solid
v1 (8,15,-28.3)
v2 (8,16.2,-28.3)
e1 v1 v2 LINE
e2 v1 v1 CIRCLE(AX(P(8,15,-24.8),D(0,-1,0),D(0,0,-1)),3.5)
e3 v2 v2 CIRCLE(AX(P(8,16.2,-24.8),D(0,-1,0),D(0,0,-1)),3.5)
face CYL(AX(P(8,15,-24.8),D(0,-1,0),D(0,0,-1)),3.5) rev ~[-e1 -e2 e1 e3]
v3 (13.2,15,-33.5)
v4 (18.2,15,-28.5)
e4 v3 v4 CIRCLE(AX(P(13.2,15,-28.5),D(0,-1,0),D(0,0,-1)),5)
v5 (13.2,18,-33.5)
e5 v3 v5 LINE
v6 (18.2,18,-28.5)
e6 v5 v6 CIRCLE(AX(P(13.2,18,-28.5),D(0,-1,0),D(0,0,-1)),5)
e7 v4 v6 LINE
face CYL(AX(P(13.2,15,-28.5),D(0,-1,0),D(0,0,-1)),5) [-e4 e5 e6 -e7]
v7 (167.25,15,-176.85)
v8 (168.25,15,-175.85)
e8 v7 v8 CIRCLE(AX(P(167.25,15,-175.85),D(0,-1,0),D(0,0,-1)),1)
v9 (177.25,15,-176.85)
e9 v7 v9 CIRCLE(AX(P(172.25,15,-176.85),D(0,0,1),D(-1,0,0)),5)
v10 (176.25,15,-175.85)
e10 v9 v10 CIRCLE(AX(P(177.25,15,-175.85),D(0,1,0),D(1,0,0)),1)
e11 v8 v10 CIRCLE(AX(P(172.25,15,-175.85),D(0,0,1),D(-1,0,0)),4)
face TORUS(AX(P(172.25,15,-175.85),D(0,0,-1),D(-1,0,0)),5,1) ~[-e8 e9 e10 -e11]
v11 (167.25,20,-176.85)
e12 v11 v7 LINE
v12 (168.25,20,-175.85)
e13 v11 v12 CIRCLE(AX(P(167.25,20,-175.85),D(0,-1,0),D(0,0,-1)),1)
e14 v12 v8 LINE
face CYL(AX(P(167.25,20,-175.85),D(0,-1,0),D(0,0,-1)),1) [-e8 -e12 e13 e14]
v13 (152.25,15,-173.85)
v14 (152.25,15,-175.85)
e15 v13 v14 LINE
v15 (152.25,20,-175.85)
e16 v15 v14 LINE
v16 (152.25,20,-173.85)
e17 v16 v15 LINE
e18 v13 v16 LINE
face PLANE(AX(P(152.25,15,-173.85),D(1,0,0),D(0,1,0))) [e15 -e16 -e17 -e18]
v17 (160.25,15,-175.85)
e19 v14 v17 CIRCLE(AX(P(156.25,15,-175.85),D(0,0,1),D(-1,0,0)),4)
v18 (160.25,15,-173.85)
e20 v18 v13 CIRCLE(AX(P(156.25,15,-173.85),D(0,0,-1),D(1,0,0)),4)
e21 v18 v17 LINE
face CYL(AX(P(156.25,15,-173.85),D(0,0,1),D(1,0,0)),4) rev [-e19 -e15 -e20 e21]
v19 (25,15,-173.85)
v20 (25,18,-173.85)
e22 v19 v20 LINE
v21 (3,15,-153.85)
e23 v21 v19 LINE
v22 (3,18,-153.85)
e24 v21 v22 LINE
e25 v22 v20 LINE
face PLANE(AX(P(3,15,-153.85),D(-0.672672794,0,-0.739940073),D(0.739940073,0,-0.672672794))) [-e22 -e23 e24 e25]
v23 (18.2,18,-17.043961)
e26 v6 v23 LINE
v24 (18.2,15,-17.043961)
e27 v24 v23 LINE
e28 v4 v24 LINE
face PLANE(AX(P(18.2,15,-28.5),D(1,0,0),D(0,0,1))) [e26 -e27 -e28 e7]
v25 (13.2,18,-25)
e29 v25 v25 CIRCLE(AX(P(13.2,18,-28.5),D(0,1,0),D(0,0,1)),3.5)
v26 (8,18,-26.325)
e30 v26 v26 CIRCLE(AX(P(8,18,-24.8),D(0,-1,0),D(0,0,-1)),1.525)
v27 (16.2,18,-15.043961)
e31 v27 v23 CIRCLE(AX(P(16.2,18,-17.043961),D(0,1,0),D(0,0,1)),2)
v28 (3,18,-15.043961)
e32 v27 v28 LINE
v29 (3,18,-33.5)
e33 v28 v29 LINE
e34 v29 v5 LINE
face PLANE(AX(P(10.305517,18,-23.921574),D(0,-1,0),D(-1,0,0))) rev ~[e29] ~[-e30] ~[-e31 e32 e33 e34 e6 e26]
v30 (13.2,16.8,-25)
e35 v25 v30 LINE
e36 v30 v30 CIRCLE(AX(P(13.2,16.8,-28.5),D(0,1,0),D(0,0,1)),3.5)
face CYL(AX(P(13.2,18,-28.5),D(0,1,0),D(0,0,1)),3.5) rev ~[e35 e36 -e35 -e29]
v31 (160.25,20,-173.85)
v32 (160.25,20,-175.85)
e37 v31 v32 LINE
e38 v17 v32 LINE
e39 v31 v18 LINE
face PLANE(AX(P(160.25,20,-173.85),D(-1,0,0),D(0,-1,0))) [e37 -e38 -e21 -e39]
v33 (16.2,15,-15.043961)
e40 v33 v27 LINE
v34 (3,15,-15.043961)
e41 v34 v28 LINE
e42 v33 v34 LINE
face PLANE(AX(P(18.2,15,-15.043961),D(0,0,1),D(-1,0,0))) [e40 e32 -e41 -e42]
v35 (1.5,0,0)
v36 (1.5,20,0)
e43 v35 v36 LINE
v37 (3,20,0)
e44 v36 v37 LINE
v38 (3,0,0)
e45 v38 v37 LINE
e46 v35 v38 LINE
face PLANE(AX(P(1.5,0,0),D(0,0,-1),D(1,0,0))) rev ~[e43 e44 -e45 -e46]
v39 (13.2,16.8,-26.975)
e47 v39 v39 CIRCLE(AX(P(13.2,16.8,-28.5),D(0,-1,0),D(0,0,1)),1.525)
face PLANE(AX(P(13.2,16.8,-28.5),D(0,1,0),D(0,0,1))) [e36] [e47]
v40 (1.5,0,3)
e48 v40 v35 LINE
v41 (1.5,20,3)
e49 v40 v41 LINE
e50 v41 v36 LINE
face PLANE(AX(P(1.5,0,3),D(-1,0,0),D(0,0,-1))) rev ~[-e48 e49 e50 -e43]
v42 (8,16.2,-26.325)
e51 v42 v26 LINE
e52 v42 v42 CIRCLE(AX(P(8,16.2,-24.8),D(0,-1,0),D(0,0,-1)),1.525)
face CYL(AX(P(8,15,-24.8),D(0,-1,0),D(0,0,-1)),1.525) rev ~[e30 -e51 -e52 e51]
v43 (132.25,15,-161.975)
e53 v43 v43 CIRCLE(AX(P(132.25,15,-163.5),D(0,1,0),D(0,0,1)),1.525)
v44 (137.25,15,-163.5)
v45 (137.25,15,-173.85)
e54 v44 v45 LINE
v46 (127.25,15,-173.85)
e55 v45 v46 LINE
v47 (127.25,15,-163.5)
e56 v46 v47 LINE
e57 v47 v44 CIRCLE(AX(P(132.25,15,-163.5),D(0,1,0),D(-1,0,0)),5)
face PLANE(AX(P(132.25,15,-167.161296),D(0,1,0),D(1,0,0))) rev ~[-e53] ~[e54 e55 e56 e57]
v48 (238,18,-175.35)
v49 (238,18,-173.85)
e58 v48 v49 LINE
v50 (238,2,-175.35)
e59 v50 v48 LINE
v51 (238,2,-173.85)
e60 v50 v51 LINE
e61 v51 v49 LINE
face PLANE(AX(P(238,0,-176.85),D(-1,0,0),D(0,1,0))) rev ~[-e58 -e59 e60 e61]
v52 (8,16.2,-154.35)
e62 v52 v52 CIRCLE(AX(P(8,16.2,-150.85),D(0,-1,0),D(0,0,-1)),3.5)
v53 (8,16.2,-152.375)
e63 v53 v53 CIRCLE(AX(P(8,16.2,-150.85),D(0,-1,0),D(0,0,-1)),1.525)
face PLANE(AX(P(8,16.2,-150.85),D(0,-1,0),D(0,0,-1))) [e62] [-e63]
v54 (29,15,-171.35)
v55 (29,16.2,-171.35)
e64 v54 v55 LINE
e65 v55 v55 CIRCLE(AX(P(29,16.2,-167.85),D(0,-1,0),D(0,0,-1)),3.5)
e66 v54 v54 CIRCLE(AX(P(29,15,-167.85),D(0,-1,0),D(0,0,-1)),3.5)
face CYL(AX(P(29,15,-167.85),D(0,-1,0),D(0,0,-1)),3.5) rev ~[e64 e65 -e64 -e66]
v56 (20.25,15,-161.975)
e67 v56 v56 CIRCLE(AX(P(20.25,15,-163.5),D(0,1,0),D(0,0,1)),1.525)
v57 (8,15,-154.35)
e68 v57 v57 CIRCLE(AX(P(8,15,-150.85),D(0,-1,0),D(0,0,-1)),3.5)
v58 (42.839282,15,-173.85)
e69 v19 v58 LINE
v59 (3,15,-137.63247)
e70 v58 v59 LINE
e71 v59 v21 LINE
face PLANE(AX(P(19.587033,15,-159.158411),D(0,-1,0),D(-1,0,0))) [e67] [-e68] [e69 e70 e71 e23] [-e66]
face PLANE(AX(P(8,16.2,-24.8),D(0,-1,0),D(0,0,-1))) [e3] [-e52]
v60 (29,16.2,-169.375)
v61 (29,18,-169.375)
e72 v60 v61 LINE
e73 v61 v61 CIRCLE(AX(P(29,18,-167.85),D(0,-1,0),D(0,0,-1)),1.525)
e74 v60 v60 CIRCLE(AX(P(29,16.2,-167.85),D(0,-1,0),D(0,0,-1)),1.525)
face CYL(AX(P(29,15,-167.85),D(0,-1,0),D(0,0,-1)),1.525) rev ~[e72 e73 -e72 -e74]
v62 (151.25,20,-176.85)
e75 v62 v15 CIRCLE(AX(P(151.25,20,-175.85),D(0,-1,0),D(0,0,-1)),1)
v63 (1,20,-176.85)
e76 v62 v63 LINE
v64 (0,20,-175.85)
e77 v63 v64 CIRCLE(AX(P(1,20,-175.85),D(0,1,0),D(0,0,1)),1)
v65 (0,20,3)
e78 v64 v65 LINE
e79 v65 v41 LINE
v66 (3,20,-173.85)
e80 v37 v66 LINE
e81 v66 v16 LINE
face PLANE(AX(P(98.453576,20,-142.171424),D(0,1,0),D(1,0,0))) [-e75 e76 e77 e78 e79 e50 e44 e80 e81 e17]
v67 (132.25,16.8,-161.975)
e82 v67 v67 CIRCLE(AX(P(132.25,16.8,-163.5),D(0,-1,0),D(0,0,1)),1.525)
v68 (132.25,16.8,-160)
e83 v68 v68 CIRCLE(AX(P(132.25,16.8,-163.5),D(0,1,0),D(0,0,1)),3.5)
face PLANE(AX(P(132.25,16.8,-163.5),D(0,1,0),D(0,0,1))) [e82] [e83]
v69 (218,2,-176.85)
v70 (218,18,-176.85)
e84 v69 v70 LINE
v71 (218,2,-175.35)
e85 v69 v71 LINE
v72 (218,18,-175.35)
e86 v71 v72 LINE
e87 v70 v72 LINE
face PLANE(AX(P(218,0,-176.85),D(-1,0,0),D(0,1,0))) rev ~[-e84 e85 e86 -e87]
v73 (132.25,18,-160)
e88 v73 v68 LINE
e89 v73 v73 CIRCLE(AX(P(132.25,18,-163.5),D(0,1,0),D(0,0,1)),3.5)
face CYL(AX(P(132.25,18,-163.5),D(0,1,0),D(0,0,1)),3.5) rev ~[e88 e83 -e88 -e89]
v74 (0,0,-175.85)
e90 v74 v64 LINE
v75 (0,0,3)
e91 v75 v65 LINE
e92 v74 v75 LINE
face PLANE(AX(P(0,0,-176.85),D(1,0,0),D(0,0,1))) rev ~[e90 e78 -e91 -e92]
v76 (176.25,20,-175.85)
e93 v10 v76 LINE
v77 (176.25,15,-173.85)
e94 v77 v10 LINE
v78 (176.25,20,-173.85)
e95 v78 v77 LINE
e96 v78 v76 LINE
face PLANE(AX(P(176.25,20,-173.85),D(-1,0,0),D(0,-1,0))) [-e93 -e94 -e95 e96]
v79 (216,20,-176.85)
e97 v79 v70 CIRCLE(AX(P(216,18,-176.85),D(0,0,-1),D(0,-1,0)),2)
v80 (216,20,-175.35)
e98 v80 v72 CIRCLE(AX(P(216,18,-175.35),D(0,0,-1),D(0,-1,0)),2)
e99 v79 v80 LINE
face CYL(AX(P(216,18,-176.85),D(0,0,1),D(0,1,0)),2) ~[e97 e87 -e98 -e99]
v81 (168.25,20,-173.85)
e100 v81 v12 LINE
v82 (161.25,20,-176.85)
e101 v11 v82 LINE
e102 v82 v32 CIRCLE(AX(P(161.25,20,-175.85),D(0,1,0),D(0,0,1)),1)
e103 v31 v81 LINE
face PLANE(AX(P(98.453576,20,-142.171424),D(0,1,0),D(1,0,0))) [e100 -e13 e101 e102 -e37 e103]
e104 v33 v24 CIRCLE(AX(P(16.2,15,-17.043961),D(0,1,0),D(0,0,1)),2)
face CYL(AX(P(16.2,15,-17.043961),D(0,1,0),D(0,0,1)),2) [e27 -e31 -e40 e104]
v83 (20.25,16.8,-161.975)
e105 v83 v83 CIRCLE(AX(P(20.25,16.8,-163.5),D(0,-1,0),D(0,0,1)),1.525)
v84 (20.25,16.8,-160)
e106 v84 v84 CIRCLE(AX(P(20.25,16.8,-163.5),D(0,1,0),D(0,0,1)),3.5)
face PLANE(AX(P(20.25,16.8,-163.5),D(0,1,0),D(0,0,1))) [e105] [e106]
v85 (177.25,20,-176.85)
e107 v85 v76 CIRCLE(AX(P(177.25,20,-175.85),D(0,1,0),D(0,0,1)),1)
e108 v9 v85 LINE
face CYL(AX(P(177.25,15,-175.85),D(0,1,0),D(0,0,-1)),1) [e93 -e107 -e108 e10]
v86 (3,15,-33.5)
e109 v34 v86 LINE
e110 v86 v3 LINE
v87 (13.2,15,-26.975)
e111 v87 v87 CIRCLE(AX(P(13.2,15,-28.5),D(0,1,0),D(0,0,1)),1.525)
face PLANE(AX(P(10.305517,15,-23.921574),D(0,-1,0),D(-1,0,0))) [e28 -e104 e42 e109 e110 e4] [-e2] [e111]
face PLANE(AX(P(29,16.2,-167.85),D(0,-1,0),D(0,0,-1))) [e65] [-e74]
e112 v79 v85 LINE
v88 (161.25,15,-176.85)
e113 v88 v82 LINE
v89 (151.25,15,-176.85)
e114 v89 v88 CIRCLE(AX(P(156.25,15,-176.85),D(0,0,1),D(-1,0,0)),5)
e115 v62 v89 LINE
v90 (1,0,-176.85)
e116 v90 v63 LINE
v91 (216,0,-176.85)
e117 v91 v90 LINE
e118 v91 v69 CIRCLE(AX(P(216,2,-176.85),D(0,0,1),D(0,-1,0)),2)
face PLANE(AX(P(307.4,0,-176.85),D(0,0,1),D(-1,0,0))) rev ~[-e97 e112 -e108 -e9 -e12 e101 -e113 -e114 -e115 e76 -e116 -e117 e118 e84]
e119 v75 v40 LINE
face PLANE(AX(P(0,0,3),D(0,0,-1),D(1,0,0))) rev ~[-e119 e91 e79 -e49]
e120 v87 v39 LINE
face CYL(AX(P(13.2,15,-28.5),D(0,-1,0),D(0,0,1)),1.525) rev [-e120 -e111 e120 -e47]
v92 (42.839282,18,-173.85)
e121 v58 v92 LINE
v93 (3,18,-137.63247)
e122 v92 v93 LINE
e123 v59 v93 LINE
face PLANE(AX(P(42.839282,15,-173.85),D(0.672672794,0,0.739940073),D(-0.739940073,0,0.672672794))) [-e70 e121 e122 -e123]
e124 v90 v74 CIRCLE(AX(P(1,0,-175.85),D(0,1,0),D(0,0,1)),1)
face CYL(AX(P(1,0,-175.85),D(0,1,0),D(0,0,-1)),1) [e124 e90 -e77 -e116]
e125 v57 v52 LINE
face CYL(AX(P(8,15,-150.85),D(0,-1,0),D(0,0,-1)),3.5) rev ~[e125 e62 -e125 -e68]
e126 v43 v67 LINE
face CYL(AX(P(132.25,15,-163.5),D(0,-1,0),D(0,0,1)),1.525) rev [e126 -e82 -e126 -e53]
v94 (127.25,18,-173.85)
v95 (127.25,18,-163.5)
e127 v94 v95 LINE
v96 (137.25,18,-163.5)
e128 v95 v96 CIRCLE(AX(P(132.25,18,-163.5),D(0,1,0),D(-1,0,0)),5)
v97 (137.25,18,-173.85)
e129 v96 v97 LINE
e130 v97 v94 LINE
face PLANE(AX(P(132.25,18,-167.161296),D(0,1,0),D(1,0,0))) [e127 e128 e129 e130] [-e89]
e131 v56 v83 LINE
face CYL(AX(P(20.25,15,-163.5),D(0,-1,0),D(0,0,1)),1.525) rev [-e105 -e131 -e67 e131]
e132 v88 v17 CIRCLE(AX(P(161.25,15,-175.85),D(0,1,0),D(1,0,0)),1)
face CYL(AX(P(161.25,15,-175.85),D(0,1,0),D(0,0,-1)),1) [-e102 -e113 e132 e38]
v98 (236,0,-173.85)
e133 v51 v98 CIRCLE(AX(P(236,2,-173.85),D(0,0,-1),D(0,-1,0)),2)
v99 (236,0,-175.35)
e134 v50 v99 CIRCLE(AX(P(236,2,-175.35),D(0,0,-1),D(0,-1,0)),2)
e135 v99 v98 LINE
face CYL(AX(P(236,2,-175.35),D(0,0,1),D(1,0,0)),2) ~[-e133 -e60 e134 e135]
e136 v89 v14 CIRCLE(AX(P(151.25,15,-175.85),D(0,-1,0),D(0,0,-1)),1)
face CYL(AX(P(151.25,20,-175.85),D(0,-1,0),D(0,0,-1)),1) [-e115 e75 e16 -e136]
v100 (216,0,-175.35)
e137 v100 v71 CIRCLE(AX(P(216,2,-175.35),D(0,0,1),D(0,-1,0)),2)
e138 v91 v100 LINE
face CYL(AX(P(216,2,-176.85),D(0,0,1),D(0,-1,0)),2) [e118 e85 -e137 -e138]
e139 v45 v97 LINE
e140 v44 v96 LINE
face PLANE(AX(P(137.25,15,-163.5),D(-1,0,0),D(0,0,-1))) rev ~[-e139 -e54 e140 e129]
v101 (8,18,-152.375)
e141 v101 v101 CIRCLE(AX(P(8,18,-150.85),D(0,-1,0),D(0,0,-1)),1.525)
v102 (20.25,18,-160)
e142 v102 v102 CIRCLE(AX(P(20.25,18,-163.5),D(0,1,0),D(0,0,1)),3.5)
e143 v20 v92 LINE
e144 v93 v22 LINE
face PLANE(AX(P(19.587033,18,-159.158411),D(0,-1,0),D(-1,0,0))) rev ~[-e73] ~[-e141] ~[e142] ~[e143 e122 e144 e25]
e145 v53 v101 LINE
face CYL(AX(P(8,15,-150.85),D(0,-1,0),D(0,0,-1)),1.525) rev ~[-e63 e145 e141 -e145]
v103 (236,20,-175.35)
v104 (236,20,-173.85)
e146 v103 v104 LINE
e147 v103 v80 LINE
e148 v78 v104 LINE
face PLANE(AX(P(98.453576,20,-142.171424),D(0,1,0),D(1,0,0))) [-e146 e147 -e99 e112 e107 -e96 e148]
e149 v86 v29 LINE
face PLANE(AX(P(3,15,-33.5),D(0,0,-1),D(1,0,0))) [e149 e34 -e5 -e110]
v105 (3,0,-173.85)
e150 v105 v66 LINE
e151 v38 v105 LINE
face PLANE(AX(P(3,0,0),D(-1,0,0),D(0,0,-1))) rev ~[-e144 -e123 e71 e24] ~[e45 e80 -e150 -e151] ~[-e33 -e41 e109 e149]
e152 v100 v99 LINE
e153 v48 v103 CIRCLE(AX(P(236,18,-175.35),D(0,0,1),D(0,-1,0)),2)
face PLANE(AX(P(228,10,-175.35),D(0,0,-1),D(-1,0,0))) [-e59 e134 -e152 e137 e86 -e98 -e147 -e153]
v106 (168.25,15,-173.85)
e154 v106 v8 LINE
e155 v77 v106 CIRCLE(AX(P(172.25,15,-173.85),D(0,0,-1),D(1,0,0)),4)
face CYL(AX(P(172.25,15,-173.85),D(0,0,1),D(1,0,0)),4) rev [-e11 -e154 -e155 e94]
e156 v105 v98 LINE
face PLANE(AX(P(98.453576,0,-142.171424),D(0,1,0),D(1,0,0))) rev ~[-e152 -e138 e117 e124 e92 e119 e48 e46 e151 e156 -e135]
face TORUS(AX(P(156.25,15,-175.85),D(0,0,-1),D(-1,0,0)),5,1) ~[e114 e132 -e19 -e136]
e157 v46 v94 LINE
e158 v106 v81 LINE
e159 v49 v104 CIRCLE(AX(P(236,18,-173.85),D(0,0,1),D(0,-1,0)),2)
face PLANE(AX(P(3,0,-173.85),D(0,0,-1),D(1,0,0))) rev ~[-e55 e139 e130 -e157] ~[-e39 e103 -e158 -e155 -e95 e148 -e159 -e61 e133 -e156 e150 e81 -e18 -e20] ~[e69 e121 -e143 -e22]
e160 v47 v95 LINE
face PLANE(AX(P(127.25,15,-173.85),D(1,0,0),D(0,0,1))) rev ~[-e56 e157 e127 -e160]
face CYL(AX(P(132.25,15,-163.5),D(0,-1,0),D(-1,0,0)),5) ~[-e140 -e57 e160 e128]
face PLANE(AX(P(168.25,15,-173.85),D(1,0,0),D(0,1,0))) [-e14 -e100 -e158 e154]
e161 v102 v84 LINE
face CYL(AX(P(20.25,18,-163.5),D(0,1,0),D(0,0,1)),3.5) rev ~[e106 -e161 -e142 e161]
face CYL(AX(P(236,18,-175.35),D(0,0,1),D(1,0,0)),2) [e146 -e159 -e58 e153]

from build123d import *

# Parameters (mm, degrees)
EXTRUDE_1_DEPTH     = 20
EXTRUDE_START       = 1
SKETCH_2_R          = 1.525
EXTRUDE_2_DEPTH     = 3
CUT_EXTRUDE_1_REACH = 358.708
SKETCH_3_W          = 31
SKETCH_3_H          = 9.5
SKETCH_4_R          = 3.5
CUT_EXTRUDE_2_DEPTH = 1.2
CUT_EXTRUDE_3_REACH = 356.959
SKETCH_5_R          = 1.525
FILLET_1_R          = 1
FILLET_3_R          = 1
SKETCH_6_R          = 3.5
CUT_EXTRUDE_4_DEPTH = 1.2
SKETCH_7_W          = 69.4
SKETCH_7_H          = 20
CUT_EXTRUDE_5_DEPTH = 3
SKETCH_8_W          = 20
SKETCH_8_H          = 20
CUT_EXTRUDE_6_DEPTH = 1.5
FILLET_4_R          = 2
FILLET_5_R          = 2
FILLET_6_R          = 2
CUT_EXTRUDE_7_DEPTH = 10
FILLET_7_R          = 1
FILLET_8_R          = 1


with BuildPart() as part:
    # 草图1 → 凸台-拉伸1 (new body)
    with BuildSketch(Plane(origin=(0, 0, 0), x_dir=(1, 0, 0), z_dir=(0, 1, 0))):
        Polygon((1.5, 0), (3, 0), (3, 173.85), (307.4, 173.85), (307.4, 176.85), (0, 176.85), (0, 0), (0, -3), (1.5, -3), align=None)
    extrude(amount=EXTRUDE_1_DEPTH)

    # 草图2 → 凸台-拉伸2 (add)
    # profile 1 of 3: a face of its own
    with BuildSketch(Plane(origin=(0, 14, 0), x_dir=(1, 0, 0), z_dir=(0, 1, 0)).offset(EXTRUDE_START)):
        Polygon((3, 153.85), (25, 173.85), (42.839282497, 173.85), (3, 137.632470457), align=None)
        with Locations(Location((20.25, 163.5, 0), (0, 0, 270))):
            Circle(SKETCH_2_R, mode=Mode.SUBTRACT)
    # profile 2 of 3: a face of its own
    with BuildSketch(Plane(origin=(0, 14, 0), x_dir=(1, 0, 0), z_dir=(0, 1, 0)).offset(EXTRUDE_START)):
        with BuildLine():
            Line((137.25, 163.5), (137.25, 173.85))
            Line((137.25, 173.85), (127.25, 173.85))
            Line((127.25, 173.85), (127.25, 163.5))
            ThreePointArc((127.25, 163.5), (132.25, 158.5), (137.25, 163.5))
        make_face()
        with Locations(Location((132.25, 163.5, 0), (0, 0, 270))):
            Circle(SKETCH_2_R, mode=Mode.SUBTRACT)
    # profile 3 of 3: a face of its own
    with BuildSketch(Plane(origin=(0, 14, 0), x_dir=(1, 0, 0), z_dir=(0, 1, 0)).offset(EXTRUDE_START)):
        with BuildLine():
            Line((3, 23.870342351), (3, 33.5))
            Line((3, 33.5), (13.2, 33.5))
            ThreePointArc((13.2, 33.5), (16.735533906, 32.035533906), (18.2, 28.5))
            Line((18.2, 28.5), (18.2, 15.043961292))
            Line((18.2, 15.043961292), (3, 15.043961292))
            Line((3, 15.043961292), (3, 23.870342351))
        make_face()
        with Locations(Location((13.2, 28.5, 0), (0, 0, 270))):
            Circle(SKETCH_2_R, mode=Mode.SUBTRACT)
    extrude(amount=EXTRUDE_2_DEPTH)

    # 草图3 → 切除-拉伸1 (cut, up to next)
    with BuildSketch(Plane(origin=(0, 0, -176.85), x_dir=(-1, 0, 0), z_dir=(0, 0, -1)), mode=Mode.PRIVATE) as cut_extrude_1_sk1:
        with Locations((-291.9, 15.25)):
            Rectangle(SKETCH_3_W, SKETCH_3_H)
    cut_extrude_1_tool1 = extrude(cut_extrude_1_sk1.sketch, amount=-CUT_EXTRUDE_1_REACH, mode=Mode.PRIVATE) & part.part
    add(cut_extrude_1_tool1.solids().sort_by_distance((291.9, 15.25, -176.85))[0], mode=Mode.SUBTRACT)

    # 草图4 → 切除-拉伸2 (cut)
    with BuildSketch(Plane(origin=(0, 18, 0), x_dir=(1, 0, 0), z_dir=(0, 1, 0))):
        with Locations(Location((13.2, 28.5, 0), (0, 0, 270))):
            Circle(SKETCH_4_R)
        with Locations(Location((20.25, 163.5, 0), (0, 0, 270))):
            Circle(SKETCH_4_R)
        with Locations(Location((132.25, 163.5, 0), (0, 0, 270))):
            Circle(SKETCH_4_R)
    extrude(amount=-CUT_EXTRUDE_2_DEPTH, mode=Mode.SUBTRACT)

    # 草图5 → 切除-拉伸3 (cut, up to next)
    with BuildSketch(Plane.XZ.offset(-15), mode=Mode.PRIVATE) as cut_extrude_3_sk1:
        with Locations(Location((29, -167.85, 0), (0, 0, 270))):
            Circle(SKETCH_5_R)
    cut_extrude_3_tool1 = extrude(cut_extrude_3_sk1.sketch, amount=-CUT_EXTRUDE_3_REACH, mode=Mode.PRIVATE) & part.part
    # 草图5 → 切除-拉伸3 (cut, up to next)
    with BuildSketch(Plane.XZ.offset(-15), mode=Mode.PRIVATE) as cut_extrude_3_sk2:
        with Locations(Location((8, -150.85, 0), (0, 0, 270))):
            Circle(SKETCH_5_R)
    cut_extrude_3_tool2 = extrude(cut_extrude_3_sk2.sketch, amount=-CUT_EXTRUDE_3_REACH, mode=Mode.PRIVATE) & part.part
    # 草图5 → 切除-拉伸3 (cut, up to next)
    with BuildSketch(Plane.XZ.offset(-15), mode=Mode.PRIVATE) as cut_extrude_3_sk3:
        with Locations(Location((8, -24.8, 0), (0, 0, 270))):
            Circle(SKETCH_5_R)
    cut_extrude_3_tool3 = extrude(cut_extrude_3_sk3.sketch, amount=-CUT_EXTRUDE_3_REACH, mode=Mode.PRIVATE) & part.part
    add(cut_extrude_3_tool1.solids().sort_by_distance((29, 15, -167.85))[0], mode=Mode.SUBTRACT)
    add(cut_extrude_3_tool2.solids().sort_by_distance((8, 15, -150.85))[0], mode=Mode.SUBTRACT)
    add(cut_extrude_3_tool3.solids().sort_by_distance((8, 15, -24.8))[0], mode=Mode.SUBTRACT)

    # 圆角1
    fillet_1_edges = [part.edges().sort_by_distance(p)[0] for p in [
        (0, 10, -176.85),
    ]]
    fillet(fillet_1_edges, radius=FILLET_1_R)

    # 圆角3
    fillet_3_edges = [part.edges().sort_by_distance(p)[0] for p in [
        (276.4, 10.5, -175.35),
    ]]
    fillet(fillet_3_edges, radius=FILLET_3_R)

    # 草图6 → 切除-拉伸4 (cut)
    with BuildSketch(Plane.XZ.offset(-15)):
        with Locations(Location((8, -24.8, 0), (0, 0, 270))):
            Circle(SKETCH_6_R)
        with Locations(Location((8, -150.85, 0), (0, 0, 270))):
            Circle(SKETCH_6_R)
        with Locations(Location((29, -167.85, 0), (0, 0, 270))):
            Circle(SKETCH_6_R)
    extrude(amount=-CUT_EXTRUDE_4_DEPTH, mode=Mode.SUBTRACT)

    # 草图7 → 切除-拉伸5 (cut)
    with BuildSketch(Plane(origin=(0, 0, -176.85), x_dir=(-1, 0, 0), z_dir=(0, 0, -1))):
        with Locations((-272.7, 10)):
            Rectangle(SKETCH_7_W, SKETCH_7_H)
    extrude(amount=-CUT_EXTRUDE_5_DEPTH, mode=Mode.SUBTRACT)

    # 草图8 → 切除-拉伸6 (cut)
    with BuildSketch(Plane(origin=(0, 0, -176.85), x_dir=(-1, 0, 0), z_dir=(0, 0, -1))):
        with Locations((-228, 10)):
            Rectangle(SKETCH_8_W, SKETCH_8_H)
    extrude(amount=-CUT_EXTRUDE_6_DEPTH, mode=Mode.SUBTRACT)

    # 圆角4
    fillet_4_edges = [part.edges().sort_by_distance(p)[0] for p in [
        (218, 20, -176.1),
        (218, 0, -176.1),
    ]]
    fillet(fillet_4_edges, radius=FILLET_4_R)

    # 圆角5
    fillet_5_edges = [part.edges().sort_by_distance(p)[0] for p in [
        (238, 20, -174.6),
        (238, 0, -174.6),
    ]]
    fillet(fillet_5_edges, radius=FILLET_5_R)

    # 圆角6
    fillet_6_edges = [part.edges().sort_by_distance(p)[0] for p in [
        (18.2, 16.5, -15.043961292),
    ]]
    fillet(fillet_6_edges, radius=FILLET_6_R)

    # 草图9 → 切除-拉伸7 (cut)
    with BuildSketch(Plane.XY.offset(-173.85)):
        with BuildLine():
            Line((152.25, 15), (152.25, 20))
            Line((152.25, 20), (160.25, 20))
            Line((160.25, 20), (160.25, 15))
            ThreePointArc((160.25, 15), (156.25, 11), (152.25, 15))
        make_face()
        with BuildLine():
            Line((168.25, 15), (168.25, 20))
            Line((168.25, 20), (176.25, 20))
            Line((176.25, 20), (176.25, 15))
            ThreePointArc((176.25, 15), (172.25, 11), (168.25, 15))
        make_face()
    extrude(amount=-CUT_EXTRUDE_7_DEPTH, mode=Mode.SUBTRACT)

    # 圆角7
    fillet_7_edges = [part.edges().sort_by_distance(p)[0] for p in [
        (156.25, 11, -176.85),
        (152.25, 17.5, -176.85),
        (160.25, 17.5, -176.85),
    ]]
    fillet(fillet_7_edges, radius=FILLET_7_R)

    # 圆角8
    fillet_8_edges = [part.edges().sort_by_distance(p)[0] for p in [
        (172.25, 11, -176.85),
        (168.25, 17.5, -176.85),
        (176.25, 17.5, -176.85),
    ]]
    fillet(fillet_8_edges, radius=FILLET_8_R)


solid = part.part
